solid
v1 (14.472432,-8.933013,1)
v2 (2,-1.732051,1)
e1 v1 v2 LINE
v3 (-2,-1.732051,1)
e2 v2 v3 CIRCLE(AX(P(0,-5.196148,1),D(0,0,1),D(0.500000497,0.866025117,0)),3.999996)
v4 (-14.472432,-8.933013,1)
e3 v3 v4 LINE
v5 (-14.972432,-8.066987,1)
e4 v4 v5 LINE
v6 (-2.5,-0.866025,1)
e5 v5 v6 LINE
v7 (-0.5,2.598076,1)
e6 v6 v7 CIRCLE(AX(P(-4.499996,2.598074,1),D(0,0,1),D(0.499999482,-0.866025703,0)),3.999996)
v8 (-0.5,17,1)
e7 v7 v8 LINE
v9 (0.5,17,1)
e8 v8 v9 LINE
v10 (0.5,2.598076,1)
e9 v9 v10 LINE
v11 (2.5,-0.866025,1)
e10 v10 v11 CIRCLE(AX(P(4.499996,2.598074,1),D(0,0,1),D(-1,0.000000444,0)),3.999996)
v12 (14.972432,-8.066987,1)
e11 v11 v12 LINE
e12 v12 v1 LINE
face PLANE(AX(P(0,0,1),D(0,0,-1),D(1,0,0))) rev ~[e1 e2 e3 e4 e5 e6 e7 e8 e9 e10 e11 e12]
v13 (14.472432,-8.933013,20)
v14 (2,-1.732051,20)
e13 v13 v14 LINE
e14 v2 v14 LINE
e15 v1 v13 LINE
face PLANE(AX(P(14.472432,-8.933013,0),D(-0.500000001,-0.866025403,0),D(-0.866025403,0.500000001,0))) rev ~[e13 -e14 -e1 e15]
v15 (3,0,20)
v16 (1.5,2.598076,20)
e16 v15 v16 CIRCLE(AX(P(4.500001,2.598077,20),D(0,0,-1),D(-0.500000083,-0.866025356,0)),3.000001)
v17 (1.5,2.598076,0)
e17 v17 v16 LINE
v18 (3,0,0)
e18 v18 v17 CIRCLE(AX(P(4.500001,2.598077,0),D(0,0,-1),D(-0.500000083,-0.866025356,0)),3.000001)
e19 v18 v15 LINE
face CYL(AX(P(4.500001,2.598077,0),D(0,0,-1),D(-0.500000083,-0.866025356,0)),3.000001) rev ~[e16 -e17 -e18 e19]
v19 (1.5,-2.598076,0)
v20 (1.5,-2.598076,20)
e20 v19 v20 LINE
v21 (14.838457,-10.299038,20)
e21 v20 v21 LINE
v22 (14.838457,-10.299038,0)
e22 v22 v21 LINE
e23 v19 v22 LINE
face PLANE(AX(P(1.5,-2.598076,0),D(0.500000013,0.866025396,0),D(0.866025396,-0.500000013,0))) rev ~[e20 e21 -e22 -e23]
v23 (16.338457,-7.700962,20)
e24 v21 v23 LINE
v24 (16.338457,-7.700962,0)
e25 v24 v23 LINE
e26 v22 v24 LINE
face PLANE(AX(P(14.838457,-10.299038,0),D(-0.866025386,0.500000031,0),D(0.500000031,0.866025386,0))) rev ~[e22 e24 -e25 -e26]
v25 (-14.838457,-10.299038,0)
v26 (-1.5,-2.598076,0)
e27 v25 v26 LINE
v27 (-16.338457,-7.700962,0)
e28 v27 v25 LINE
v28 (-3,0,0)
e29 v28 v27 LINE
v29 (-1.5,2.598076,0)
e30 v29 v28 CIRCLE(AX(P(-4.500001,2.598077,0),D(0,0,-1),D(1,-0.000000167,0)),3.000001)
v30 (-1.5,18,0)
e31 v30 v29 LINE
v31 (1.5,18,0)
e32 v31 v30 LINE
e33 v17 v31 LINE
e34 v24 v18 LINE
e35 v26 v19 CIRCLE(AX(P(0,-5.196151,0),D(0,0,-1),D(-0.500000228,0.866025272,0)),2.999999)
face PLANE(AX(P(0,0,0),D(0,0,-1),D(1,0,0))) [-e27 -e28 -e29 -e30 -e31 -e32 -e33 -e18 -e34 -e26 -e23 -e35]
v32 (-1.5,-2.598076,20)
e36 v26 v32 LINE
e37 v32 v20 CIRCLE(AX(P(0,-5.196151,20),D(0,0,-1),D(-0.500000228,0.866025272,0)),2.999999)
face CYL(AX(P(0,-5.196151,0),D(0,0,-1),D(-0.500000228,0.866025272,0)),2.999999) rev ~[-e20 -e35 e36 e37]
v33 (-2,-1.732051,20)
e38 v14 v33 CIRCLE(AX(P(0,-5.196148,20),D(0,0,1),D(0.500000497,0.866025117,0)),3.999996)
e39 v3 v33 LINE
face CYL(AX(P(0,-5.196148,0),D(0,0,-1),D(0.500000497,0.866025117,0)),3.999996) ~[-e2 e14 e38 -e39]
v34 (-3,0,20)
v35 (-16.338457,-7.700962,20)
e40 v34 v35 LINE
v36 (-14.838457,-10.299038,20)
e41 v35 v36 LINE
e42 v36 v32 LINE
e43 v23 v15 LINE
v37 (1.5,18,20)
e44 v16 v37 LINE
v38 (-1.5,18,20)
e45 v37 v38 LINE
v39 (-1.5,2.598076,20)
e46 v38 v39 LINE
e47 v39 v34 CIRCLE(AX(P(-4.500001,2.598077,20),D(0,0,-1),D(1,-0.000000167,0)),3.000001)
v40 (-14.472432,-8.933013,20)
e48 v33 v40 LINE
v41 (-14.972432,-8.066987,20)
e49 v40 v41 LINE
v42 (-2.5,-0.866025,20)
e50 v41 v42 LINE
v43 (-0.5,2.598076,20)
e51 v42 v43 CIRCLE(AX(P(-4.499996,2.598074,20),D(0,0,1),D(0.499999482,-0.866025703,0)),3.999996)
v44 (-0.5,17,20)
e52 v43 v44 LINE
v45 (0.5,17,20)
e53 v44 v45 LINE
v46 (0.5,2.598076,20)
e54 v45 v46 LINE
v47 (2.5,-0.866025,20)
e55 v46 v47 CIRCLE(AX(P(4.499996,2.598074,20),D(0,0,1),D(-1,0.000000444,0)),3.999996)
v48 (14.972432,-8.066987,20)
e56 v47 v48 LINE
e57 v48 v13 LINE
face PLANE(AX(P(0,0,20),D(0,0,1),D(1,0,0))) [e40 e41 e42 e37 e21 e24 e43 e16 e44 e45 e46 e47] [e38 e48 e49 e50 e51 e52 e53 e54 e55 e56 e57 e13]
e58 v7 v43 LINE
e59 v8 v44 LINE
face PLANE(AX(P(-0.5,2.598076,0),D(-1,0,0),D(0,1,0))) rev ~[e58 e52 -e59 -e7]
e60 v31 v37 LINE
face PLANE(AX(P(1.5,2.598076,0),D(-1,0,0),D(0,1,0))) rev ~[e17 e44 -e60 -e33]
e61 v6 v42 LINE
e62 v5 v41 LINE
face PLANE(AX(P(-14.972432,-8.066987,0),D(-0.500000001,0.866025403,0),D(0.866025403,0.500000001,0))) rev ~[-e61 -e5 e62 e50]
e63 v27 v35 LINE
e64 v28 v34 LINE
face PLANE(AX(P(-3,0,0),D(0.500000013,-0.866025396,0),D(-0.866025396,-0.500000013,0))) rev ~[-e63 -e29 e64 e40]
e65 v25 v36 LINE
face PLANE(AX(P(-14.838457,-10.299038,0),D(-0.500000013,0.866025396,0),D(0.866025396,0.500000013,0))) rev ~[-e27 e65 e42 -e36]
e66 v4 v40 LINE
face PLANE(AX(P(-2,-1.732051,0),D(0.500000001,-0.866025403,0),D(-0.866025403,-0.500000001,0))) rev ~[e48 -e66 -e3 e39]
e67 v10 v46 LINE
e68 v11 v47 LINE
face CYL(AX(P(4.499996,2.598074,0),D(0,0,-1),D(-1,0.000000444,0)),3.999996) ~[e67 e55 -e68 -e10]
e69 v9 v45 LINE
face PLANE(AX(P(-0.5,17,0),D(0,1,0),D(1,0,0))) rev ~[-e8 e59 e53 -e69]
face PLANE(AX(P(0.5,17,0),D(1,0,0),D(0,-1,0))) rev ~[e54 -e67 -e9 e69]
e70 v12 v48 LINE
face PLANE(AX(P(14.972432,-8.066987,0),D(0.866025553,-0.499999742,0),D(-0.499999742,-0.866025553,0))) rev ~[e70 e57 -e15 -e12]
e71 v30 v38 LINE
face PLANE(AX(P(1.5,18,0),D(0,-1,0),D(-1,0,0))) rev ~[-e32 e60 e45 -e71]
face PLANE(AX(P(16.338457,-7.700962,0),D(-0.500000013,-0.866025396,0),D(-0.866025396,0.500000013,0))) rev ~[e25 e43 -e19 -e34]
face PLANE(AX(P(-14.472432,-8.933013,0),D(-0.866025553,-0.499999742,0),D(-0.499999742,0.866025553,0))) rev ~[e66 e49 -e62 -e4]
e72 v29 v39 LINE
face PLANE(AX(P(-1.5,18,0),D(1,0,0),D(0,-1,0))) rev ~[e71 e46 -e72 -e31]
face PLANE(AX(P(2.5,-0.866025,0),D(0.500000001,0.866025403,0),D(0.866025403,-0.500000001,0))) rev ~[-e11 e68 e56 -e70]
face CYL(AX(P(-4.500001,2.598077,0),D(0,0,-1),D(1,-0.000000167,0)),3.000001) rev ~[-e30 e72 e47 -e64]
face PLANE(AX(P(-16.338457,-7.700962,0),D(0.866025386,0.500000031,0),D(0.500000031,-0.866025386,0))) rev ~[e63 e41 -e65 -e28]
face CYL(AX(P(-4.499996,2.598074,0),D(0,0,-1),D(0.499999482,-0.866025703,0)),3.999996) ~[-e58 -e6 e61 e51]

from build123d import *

# Parameters (mm, degrees)
F1_DEPTH = 20
F3_DEPTH = 1


with BuildPart() as f1:
    # F0 (on Top) → F1 (new body)
    with BuildSketch(Plane.XY):
        with BuildLine():
            Line((0.5, 17), (-0.5, 17))
            Line((-0.5, 17), (-0.5, 2.598076))
            ThreePointArc((-0.5, 2.598076), (-1.035898, 0.598076), (-2.5, -0.866025))
            Line((-2.5, -0.866025), (-14.972432, -8.066987))
            Line((-14.972432, -8.066987), (-14.472432, -8.933013))
            Line((-14.472432, -8.933013), (-2, -1.732051))
            ThreePointArc((-2, -1.732051), (0, -1.196152), (2, -1.732051))
            Line((2, -1.732051), (14.472432, -8.933013))
            Line((14.472432, -8.933013), (14.972432, -8.066987))
            Line((14.972432, -8.066987), (2.5, -0.866025))
            ThreePointArc((2.5, -0.866025), (1.035898, 0.598076), (0.5, 2.598076))
            Line((0.5, 2.598076), (0.5, 17))
        make_face()
        with BuildLine():
            Line((1.5, 18), (-1.5, 18))
            Line((-1.5, 18), (-1.5, 2.598076))
            ThreePointArc((-1.5, 2.598076), (-1.901924, 1.098076), (-3, 0))
            Line((-3, 0), (-16.338457, -7.700962))
            Line((-16.338457, -7.700962), (-14.838457, -10.299038))
            Line((-14.838457, -10.299038), (-1.5, -2.598076))
            ThreePointArc((-1.5, -2.598076), (0, -2.196152), (1.5, -2.598076))
            Line((1.5, -2.598076), (14.838457, -10.299038))
            Line((14.838457, -10.299038), (16.338457, -7.700962))
            Line((16.338457, -7.700962), (3, 0))
            ThreePointArc((3, 0), (1.901924, 1.098076), (1.5, 2.598076))
            Line((1.5, 2.598076), (1.5, 18))
        make_face()
        with BuildLine():
            Line((-0.5, 2.598076), (-0.5, 17))
            Line((-0.5, 17), (0.5, 17))
            Line((0.5, 17), (0.5, 2.598076))
            ThreePointArc((0.5, 2.598076), (1.035898, 0.598076), (2.5, -0.866025))
            Line((2.5, -0.866025), (14.972432, -8.066987))
            Line((14.972432, -8.066987), (14.472432, -8.933013))
            Line((14.472432, -8.933013), (2, -1.732051))
            ThreePointArc((2, -1.732051), (0, -1.196152), (-2, -1.732051))
            Line((-2, -1.732051), (-14.472432, -8.933013))
            Line((-14.472432, -8.933013), (-14.972432, -8.066987))
            Line((-14.972432, -8.066987), (-2.5, -0.866025))
            ThreePointArc((-2.5, -0.866025), (-1.035898, 0.598076), (-0.5, 2.598076))
        make_face(mode=Mode.SUBTRACT)
    extrude(amount=F1_DEPTH)

    # F2 (on face) → F3 (join)
    with BuildSketch(Plane(origin=(0, 0, 0), x_dir=(1, 0, 0), z_dir=(0, 0, -1))):
        with BuildLine():
            Line((-0.5, -2.598076), (-0.5, -17))
            Line((-0.5, -17), (0.5, -17))
            Line((0.5, -17), (0.5, -2.598076))
            ThreePointArc((0.5, -2.598076), (1.035898, -0.598076), (2.5, 0.866025))
            Line((2.5, 0.866025), (14.972432, 8.066987))
            Line((14.972432, 8.066987), (14.472432, 8.933013))
            Line((14.472432, 8.933013), (2, 1.732051))
            ThreePointArc((2, 1.732051), (0, 1.196152), (-2, 1.732051))
            Line((-2, 1.732051), (-14.472432, 8.933013))
            Line((-14.472432, 8.933013), (-14.972432, 8.066987))
            Line((-14.972432, 8.066987), (-2.5, 0.866025))
            ThreePointArc((-2.5, 0.866025), (-1.035898, -0.598076), (-0.5, -2.598076))
        make_face()
    extrude(amount=-F3_DEPTH)


solid = f1.part
